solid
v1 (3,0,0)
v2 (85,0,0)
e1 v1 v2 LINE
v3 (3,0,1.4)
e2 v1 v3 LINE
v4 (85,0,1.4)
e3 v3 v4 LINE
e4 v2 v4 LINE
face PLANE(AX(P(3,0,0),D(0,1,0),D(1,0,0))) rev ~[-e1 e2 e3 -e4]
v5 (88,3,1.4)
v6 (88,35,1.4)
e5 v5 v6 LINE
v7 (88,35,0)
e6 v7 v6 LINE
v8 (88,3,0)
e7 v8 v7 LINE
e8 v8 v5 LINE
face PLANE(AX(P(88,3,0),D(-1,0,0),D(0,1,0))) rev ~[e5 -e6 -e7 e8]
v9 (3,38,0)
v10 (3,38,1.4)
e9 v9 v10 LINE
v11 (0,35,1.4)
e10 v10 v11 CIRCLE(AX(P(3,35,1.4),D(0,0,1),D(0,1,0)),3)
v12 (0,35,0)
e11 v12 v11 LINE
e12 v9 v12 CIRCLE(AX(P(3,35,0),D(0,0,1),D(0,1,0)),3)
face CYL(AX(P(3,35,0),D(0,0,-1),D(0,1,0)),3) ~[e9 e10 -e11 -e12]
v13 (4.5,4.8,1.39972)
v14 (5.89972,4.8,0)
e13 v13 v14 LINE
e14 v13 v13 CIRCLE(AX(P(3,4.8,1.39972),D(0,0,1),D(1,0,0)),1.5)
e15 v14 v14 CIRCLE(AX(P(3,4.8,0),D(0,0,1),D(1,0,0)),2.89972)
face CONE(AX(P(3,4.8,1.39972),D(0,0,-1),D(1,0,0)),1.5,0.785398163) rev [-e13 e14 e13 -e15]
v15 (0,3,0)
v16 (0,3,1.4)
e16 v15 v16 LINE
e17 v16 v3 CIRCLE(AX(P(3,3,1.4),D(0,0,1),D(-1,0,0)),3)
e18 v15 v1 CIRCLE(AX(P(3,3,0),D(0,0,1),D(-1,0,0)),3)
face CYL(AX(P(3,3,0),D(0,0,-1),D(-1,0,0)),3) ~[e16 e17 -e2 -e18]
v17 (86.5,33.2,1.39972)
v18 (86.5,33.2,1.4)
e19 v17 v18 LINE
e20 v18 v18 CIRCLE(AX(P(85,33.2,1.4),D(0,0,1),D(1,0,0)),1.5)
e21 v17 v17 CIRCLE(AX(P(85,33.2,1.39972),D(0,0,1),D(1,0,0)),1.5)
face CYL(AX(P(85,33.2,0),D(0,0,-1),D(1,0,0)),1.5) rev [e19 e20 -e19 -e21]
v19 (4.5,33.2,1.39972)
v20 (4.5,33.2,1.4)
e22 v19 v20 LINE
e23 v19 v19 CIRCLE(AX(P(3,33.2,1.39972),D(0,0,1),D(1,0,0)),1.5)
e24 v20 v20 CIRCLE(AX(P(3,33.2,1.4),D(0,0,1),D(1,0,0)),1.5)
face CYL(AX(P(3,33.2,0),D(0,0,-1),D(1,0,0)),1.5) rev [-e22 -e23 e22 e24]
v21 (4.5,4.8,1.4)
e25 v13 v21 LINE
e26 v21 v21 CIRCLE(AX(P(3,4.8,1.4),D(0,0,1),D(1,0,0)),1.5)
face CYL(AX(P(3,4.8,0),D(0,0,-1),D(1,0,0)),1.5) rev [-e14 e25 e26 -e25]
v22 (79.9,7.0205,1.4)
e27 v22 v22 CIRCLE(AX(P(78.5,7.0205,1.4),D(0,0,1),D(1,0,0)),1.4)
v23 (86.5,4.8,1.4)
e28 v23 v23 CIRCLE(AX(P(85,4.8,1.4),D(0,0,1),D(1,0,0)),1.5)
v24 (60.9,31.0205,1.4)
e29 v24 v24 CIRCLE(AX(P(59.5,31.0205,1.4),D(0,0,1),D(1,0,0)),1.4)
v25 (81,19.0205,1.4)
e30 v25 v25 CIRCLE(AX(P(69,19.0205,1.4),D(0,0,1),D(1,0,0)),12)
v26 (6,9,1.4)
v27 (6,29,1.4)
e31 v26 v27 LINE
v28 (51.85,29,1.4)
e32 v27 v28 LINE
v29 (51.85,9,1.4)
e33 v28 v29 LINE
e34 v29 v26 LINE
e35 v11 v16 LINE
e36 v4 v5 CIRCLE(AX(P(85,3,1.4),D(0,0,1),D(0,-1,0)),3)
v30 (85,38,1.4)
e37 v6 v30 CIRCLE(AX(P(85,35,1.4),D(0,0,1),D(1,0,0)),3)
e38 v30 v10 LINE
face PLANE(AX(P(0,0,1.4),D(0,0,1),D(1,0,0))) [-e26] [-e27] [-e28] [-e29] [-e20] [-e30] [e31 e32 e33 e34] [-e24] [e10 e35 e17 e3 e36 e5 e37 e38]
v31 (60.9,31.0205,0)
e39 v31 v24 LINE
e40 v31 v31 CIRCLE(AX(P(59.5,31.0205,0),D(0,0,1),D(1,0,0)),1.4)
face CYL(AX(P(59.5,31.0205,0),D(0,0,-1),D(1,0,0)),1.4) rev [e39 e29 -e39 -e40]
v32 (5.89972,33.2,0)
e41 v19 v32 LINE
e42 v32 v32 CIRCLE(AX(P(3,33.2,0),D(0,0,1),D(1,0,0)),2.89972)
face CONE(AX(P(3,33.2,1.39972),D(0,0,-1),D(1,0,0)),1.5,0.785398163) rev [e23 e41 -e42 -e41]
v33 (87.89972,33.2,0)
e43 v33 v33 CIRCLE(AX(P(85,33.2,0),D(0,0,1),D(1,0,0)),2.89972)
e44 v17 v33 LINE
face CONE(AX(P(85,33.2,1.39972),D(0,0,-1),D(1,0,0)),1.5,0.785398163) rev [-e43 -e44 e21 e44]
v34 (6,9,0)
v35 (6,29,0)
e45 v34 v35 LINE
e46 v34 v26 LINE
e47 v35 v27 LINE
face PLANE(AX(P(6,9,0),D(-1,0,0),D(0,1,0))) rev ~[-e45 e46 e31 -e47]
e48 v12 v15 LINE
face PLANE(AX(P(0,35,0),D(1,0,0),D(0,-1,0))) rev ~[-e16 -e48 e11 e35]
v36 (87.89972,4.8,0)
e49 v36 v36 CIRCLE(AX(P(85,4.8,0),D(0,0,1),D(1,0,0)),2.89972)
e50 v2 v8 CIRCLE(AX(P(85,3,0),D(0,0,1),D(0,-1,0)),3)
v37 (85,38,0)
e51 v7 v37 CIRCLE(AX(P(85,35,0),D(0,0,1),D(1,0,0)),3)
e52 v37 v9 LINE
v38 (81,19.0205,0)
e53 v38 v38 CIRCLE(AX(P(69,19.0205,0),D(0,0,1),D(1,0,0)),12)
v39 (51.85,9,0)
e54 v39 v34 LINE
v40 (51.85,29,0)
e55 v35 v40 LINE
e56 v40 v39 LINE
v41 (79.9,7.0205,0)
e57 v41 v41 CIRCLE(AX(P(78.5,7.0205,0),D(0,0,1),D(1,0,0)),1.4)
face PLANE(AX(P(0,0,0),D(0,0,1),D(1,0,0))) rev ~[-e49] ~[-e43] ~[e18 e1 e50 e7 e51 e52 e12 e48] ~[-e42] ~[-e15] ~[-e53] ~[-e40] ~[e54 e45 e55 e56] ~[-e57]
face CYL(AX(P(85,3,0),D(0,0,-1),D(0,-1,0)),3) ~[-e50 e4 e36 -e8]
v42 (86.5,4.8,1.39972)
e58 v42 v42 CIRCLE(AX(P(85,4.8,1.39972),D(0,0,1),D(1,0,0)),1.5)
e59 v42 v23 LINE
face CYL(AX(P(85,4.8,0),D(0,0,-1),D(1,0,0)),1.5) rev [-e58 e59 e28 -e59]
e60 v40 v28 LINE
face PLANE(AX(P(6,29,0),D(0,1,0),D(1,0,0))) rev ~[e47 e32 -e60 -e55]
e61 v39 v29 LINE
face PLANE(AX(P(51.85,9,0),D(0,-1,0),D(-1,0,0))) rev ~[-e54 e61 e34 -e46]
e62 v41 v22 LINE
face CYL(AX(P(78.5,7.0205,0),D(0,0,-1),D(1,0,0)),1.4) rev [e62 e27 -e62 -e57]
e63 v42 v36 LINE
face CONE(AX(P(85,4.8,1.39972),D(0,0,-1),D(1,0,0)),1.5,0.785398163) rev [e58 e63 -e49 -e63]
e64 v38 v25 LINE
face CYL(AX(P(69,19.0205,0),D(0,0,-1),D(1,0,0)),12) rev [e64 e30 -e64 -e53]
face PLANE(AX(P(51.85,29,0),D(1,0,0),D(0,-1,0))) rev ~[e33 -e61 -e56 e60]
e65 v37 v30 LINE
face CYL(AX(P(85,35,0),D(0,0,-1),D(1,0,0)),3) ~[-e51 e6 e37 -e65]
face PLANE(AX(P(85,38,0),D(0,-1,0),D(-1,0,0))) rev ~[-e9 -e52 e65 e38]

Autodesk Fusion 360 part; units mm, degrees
sketch "Sketch1" plane through (0, 0, 0) normal (0, 0, 1) x (1, 0, 0)
  line L0 (3, 0) -> (85, 0)
  line L1 (88, 3) -> (88, 35)
  line L2 (85, 38) -> (3, 38)
  line L3 (0, 35) -> (0, 3)
  arc A0 (0, 3) -> (3, 0) centre (3, 3) ccw
  arc A1 (3, 38) -> (0, 35) centre (3, 35) ccw
  arc A2 (88, 35) -> (85, 38) centre (85, 35) ccw
  arc A3 (85, 0) -> (88, 3) centre (85, 3) ccw
  circle A4 centre (3, 33.2) radius 1.5
  circle A5 centre (3, 4.8) radius 1.5
  circle A6 centre (85, 4.8) radius 1.5
  circle A7 centre (85, 33.2) radius 1.5
  line L4 (6, 29) -> (51.85, 29)
  line L5 (51.85, 29) -> (51.85, 9)
  line L6 (51.85, 9) -> (6, 9)
  line L7 (6, 9) -> (6, 29)
  circle A8 centre (69, 19.0205) radius 12
  circle A9 centre (78.5, 7.0205) radius 1.4
  circle A10 centre (59.5, 31.0205) radius 1.4
  line L8 (59.5, 31.0205) -> (78.5, 7.0205) construction
  line L9 (59, 34.5205) -> (79, 34.5205) construction
  line L10 (82, 31.5205) -> (82, 6.5205) construction
  line L11 (79, 3.5205) -> (59, 3.5205) construction
  line L12 (56, 6.5205) -> (56, 31.5205) construction
  line L13 (56, 34.5205) -> (82, 3.5205) construction
  arc A11 (56, 6.5205) -> (59, 3.5205) centre (59, 6.5205) ccw construction
  arc A12 (82, 31.5205) -> (79, 34.5205) centre (79, 31.5205) ccw construction
  arc A13 (59, 34.5205) -> (56, 31.5205) centre (59, 31.5205) ccw construction
  arc A14 (79, 3.5205) -> (82, 6.5205) centre (79, 6.5205) ccw construction
  line L14 (3, 33.2) -> (85, 33.2) construction
  line L15 (85, 33.2) -> (85, 4.8) construction
  line L16 (85, 4.8) -> (3, 4.8) construction
  line L17 (3, 4.8) -> (3, 33.2) construction
  point P0 (88, 0)
  point P1 (0, 38)
  point P2 (82, 34.5205)
  point P3 (56, 3.5205)
  point P4 (3, 19)
  point P5 (0, 19)
  point P6 (44, 38)
  point P7 (44, 33.2)
  dimension "d1" = 88
  dimension "d2" = 38
  dimension "d3" = 3
  dimension "d5" = 3
  dimension "d8" = 45.85
  dimension "d9" = 20
  dimension "d10" = 9
  dimension "d11" = 6
  dimension "d12" = 24
  dimension "d14" = 2.8
  dimension "d17" = 26
  dimension "d18" = 31
  dimension "d19" = 3
  dimension "d20" = 6
  dimension "d24" = 24
  dimension "d25" = 19
  dimension "d27" = 82
  dimension "d28" = 28.4
extrude "Extrude1" add sketch "Sketch1" along normal blind 1.4
chamfer "Chamfer2" distance 1.4 angle 45 4 edges at (83.6015, 5.3424, 0) (83.6015, 33.7424, 0) (1.6015, 5.3424, 0) (1.6015, 33.7424, 0)
equation "d10 = ( 38 mm - 20 mm ) / 2"
